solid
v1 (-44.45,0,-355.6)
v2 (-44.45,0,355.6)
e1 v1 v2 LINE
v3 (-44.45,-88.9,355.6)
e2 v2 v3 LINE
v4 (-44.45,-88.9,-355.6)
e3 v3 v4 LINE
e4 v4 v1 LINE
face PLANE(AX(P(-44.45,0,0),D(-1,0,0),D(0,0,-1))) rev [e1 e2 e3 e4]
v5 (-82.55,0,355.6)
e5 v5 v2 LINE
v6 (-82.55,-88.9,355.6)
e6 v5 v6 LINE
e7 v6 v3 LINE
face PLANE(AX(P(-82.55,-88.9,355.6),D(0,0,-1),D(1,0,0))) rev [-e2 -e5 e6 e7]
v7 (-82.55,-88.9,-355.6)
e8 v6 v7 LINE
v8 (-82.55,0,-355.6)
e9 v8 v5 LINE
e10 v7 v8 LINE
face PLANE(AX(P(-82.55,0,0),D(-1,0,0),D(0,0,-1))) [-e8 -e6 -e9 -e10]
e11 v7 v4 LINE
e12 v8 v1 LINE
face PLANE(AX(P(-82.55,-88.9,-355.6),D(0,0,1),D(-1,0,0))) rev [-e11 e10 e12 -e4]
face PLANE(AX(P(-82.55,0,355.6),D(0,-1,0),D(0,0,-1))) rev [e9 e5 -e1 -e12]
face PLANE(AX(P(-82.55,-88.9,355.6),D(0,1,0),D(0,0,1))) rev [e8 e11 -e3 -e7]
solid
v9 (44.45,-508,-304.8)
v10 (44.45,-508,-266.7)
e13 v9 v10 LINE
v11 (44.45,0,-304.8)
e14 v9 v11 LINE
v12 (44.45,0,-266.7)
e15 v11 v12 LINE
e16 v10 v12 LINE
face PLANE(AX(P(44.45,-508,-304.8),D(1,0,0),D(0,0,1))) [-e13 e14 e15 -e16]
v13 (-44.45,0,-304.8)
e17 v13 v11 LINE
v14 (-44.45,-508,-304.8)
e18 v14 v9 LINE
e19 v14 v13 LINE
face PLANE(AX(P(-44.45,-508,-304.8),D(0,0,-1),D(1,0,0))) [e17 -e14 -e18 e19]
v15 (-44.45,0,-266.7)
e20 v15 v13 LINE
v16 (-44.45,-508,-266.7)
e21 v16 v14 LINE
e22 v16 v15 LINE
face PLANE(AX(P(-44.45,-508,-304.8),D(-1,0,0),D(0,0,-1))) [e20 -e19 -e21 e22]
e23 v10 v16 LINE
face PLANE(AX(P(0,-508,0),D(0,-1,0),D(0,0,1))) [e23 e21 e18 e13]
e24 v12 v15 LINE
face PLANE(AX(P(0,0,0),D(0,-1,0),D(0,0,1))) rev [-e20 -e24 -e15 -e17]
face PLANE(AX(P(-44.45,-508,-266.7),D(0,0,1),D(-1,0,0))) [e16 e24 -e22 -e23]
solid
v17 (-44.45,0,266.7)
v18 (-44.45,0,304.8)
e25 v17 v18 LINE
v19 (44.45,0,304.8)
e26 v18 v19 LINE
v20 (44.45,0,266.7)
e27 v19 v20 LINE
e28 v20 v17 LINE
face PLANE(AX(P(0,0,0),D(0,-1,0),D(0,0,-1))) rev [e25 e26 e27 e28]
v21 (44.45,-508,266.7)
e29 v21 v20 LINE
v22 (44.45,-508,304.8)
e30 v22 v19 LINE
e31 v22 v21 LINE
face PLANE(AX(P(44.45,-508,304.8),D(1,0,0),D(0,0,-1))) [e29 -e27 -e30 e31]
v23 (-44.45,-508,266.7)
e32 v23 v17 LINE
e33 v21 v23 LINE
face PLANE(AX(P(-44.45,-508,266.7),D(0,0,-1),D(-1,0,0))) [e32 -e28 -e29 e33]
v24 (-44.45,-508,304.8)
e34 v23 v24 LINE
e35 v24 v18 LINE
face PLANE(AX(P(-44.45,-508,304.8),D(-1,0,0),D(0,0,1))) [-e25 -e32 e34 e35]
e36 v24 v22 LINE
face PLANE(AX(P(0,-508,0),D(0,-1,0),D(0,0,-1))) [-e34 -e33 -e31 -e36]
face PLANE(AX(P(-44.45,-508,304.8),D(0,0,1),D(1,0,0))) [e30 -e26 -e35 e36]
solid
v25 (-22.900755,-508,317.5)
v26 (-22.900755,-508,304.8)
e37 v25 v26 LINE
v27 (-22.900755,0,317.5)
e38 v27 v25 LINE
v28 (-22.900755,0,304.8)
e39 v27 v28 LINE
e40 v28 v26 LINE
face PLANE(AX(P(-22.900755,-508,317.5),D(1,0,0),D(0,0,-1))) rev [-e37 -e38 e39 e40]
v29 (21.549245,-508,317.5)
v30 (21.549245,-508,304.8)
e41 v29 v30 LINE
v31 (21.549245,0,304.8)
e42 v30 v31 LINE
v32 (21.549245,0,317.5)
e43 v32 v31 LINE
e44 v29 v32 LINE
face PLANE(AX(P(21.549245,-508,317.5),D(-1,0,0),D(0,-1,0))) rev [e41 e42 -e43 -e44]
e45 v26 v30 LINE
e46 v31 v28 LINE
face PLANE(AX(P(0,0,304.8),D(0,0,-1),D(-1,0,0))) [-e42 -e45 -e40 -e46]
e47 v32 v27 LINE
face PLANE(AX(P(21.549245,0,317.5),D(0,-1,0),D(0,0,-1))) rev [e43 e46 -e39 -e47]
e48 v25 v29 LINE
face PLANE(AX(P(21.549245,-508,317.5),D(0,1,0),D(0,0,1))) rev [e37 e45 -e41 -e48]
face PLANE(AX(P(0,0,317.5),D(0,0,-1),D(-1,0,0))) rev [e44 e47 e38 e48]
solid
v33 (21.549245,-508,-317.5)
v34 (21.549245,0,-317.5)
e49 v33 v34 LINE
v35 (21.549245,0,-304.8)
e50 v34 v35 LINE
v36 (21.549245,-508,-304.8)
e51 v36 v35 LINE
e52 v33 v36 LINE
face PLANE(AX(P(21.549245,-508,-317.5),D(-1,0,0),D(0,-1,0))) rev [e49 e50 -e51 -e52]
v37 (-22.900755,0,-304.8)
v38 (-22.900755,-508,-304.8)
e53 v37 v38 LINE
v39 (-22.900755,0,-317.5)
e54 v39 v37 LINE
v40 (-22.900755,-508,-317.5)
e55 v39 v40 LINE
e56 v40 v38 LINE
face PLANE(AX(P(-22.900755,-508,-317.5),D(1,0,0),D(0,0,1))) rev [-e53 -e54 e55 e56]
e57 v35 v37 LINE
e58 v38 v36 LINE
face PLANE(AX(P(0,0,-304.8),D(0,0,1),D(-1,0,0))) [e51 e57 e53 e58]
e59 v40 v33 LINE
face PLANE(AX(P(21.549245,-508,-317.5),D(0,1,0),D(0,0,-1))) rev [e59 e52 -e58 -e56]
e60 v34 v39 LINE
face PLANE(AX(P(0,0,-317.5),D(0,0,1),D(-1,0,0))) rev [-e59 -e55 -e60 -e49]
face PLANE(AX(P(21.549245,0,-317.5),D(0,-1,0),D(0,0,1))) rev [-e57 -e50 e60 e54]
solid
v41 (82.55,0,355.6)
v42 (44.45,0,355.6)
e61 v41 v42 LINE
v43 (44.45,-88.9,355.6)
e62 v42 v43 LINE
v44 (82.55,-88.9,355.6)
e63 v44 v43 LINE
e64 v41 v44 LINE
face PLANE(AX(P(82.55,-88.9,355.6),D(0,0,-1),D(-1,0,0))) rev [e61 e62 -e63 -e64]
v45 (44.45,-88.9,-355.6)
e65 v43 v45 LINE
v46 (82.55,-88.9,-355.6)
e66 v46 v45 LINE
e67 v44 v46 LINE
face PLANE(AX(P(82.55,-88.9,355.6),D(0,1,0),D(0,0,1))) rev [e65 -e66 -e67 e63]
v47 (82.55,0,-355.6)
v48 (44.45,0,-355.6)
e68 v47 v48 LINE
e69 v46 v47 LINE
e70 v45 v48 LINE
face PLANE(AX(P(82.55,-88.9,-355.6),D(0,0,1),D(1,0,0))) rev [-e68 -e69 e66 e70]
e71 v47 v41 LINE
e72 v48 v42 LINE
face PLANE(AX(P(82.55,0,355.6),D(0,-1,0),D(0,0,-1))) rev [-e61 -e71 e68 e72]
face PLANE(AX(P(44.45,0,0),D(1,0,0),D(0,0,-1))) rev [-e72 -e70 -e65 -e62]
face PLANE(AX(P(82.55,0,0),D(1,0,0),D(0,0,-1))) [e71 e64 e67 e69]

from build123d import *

# Parameters (mm, degrees)
SKETCH3_W            = 88.9
SKETCH3_H            = 38.1
VERTICAL_BOARD_DEPTH = 508
SKETCH6_W            = 711.2
SKETCH6_H            = 88.9
LATERAL_BOARD_DEPTH  = 38.1
SKETCH7_W            = 44.45
SKETCH7_H            = 508
DRAWER_SLIDE_DEPTH   = 12.7


with BuildPart() as part:
    # Sketch3 → Vertical Board (new body)
    with BuildSketch(Plane(origin=(0, 0, 0), x_dir=(1, 0, 0), z_dir=(0, 1, 0))):
        with Locations((0, -285.75)):
            Rectangle(SKETCH3_W, SKETCH3_H)
    extrude(amount=-VERTICAL_BOARD_DEPTH)


with BuildPart() as body_2:
    # Vertical Board Mirror: mirrored copy
    add(part.part.mirror(Plane.XY))


with BuildPart() as body_3:
    # Sketch6 → Lateral Board (new body)
    with BuildSketch(Plane(origin=(44.45, 0, 0), x_dir=(0, 0, -1), z_dir=(1, 0, 0))):
        with Locations((0, -44.45)):
            Rectangle(SKETCH6_W, SKETCH6_H)
    extrude(amount=LATERAL_BOARD_DEPTH)


with BuildPart() as body_4:
    # Lateral Board Mirror: mirrored copy
    add(body_3.part.mirror(Plane(origin=(0, 0, 0), x_dir=(0, 0, 1), z_dir=(1, 0, 0))))


with BuildPart() as body_5:
    # Sketch7 → Drawer Slide (new body)
    with BuildSketch(Plane.XY.offset(304.8)):
        with Locations((-0.675755403, -254)):
            Rectangle(SKETCH7_W, SKETCH7_H)
    extrude(amount=DRAWER_SLIDE_DEPTH)


with BuildPart() as body_6:
    # Drawer Slide Mirror: mirrored copy
    add(body_5.part.mirror(Plane.XY))


solid = Compound([part.part, body_2.part, body_3.part, body_4.part, body_5.part, body_6.part])
